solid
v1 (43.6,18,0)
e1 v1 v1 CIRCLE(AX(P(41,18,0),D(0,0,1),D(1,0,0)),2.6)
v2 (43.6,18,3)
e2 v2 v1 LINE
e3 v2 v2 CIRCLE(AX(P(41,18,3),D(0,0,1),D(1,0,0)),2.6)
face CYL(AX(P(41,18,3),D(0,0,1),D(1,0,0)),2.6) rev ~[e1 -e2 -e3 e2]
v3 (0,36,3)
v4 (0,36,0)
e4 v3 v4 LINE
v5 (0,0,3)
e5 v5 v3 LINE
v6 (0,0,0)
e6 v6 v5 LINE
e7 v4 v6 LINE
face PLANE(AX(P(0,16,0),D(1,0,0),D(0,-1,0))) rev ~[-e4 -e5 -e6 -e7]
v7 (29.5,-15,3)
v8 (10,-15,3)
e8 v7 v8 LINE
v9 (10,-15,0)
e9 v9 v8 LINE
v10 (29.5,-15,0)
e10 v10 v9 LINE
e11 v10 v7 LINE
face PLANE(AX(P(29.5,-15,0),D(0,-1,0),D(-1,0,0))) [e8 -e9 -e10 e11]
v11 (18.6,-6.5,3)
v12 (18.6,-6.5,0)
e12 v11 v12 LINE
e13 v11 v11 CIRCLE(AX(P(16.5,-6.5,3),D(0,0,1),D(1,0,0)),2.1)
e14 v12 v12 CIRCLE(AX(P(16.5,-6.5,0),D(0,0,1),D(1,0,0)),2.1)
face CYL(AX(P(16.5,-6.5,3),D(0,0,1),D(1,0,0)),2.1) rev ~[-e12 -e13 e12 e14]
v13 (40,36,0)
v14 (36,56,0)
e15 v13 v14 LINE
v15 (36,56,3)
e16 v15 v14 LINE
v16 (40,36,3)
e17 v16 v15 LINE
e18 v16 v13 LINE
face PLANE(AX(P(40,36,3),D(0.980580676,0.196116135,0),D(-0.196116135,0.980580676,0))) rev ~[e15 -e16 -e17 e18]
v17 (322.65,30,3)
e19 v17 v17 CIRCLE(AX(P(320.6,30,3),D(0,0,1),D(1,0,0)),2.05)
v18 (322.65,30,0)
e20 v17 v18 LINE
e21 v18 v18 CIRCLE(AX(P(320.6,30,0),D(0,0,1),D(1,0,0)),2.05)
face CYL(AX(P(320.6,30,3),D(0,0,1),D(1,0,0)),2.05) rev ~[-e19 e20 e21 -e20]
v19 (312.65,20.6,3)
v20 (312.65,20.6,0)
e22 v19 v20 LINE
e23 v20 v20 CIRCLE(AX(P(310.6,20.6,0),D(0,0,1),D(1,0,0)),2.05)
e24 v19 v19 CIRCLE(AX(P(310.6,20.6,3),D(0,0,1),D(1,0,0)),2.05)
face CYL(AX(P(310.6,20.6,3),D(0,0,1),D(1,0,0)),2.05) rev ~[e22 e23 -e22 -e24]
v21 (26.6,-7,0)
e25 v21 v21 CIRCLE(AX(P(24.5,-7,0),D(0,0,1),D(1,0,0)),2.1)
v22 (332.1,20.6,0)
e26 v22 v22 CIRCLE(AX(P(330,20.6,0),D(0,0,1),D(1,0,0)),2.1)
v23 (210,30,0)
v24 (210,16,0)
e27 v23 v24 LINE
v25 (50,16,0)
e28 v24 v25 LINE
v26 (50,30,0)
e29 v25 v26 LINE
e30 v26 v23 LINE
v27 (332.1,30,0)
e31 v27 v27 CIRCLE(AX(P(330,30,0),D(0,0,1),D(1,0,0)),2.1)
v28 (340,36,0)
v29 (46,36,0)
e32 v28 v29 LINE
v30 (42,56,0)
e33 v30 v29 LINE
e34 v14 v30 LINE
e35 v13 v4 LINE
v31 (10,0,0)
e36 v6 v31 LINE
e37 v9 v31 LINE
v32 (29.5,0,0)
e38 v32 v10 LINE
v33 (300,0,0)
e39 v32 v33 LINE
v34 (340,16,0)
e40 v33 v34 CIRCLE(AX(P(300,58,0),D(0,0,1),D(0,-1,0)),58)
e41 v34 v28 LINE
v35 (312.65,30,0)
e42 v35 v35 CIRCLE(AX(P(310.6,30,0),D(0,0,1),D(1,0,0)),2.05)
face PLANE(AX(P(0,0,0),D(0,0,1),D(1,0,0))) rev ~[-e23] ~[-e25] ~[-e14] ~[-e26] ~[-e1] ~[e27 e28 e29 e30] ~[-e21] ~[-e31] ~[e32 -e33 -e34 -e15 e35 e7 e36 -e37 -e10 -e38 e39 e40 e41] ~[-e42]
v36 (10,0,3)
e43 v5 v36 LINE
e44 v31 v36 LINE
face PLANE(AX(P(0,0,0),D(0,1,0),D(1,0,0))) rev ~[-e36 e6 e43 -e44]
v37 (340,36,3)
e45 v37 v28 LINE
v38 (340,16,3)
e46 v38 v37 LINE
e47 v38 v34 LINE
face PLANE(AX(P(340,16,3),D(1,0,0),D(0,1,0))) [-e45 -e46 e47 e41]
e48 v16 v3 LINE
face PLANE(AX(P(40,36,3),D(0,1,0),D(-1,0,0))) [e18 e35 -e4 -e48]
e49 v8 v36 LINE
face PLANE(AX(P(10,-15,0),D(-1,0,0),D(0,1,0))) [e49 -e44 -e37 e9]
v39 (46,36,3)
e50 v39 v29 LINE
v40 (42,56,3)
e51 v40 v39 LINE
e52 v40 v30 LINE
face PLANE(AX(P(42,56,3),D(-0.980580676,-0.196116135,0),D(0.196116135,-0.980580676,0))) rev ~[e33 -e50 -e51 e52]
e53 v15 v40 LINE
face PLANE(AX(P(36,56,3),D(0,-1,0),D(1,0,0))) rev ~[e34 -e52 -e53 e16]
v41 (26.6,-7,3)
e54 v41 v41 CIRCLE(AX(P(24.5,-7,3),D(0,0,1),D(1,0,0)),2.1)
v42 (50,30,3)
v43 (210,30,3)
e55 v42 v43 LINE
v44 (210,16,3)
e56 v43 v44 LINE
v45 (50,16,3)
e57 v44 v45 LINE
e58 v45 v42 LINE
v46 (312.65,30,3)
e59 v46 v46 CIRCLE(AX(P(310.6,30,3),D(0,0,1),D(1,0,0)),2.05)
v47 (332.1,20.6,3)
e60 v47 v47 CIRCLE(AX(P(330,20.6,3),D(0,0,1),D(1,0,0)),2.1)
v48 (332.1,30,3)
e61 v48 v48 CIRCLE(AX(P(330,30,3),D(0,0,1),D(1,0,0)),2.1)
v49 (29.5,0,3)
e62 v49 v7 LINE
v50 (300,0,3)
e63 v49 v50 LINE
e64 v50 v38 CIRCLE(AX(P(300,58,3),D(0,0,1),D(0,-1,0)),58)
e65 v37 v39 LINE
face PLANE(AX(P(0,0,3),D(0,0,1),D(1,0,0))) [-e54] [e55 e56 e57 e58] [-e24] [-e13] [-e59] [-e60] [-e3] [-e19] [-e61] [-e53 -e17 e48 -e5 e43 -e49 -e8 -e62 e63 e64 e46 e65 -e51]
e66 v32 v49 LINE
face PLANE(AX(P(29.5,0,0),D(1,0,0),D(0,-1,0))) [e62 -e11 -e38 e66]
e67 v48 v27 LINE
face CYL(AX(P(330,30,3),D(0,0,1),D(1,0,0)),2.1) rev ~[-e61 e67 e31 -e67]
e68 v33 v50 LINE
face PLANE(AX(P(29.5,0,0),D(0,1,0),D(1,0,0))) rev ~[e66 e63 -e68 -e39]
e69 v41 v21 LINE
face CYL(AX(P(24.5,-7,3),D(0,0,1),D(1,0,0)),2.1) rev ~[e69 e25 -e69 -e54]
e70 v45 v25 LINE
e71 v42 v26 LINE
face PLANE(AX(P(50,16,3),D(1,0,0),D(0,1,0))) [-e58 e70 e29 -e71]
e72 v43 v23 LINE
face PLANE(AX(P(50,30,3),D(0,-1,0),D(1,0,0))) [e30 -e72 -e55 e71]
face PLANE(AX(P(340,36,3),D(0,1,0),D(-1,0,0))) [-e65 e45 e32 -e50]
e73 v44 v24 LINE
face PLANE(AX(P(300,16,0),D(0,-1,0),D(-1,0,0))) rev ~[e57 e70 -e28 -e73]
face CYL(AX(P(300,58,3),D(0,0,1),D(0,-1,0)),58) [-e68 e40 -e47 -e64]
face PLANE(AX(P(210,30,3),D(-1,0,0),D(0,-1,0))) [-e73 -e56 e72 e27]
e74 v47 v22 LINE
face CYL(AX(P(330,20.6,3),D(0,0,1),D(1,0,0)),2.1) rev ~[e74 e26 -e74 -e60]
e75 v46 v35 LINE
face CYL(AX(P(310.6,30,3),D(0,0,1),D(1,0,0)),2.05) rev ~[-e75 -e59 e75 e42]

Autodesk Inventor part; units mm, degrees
ref_plane "YZ Plane" through (0, 0, 0) normal (1, 0, 0) x (0, 1, 0)
ref_plane "XZ Plane" through (0, 0, 0) normal (0, 1, 0) x (-1, 0, 0)
ref_plane "XY Plane" through (0, 0, 0) normal (0, 0, 1) x (1, 0, 0)
sketch "Sketch1" plane through (0, 0, 0) normal (0, 0, 1) x (1, 0, 0)
  line L0 (0, 0) -> (300, 0)
  line L1 (300, 0) -> (300, 16)
  line L2 (300, 16) -> (0, 16)
  line L3 (0, 16) -> (0, 0)
  line L4 (0, 0) -> (22.0483, 0)
  line L5 (10, 0) -> (29.5, 0)
  line L6 (29.5, 0) -> (29.5, -15)
  line L7 (29.5, -15) -> (10, -15)
  line L8 (10, -15) -> (10, 0)
  point P0 (0, 8)
  dimension "d2" = 19.5
  dimension "d3" = 15
  dimension "d4" = 10
  dimension "d5" = 16
  dimension "d8" = 300
extrude "Extrusion1" add sketch "Sketch1" along normal blind 3
sketch "Sketch2" plane through (0, 0, 3) normal (0, 0, 1) x (1, 0, 0)
  line L0 (0, 16) -> (0, 0) projected
  line L1 (0, 16) -> (0, 36)
  line L2 (300, 0) -> (300, 16) projected
  line L3 (340, 16) -> (340, 36)
  line L4 (340, 36) -> (0, 36)
  line L5 (300, 16) -> (0, 16) projected
  line L6 (50, 16) -> (50, 30)
  line L7 (50, 30) -> (210, 30)
  line L8 (210, 30) -> (210, 16)
  line L9 (40, 36) -> (36, 56)
  line L10 (36, 56) -> (42, 56)
  line L11 (42, 56) -> (46, 36)
  circle A0 centre (330, 30) radius 2.1
  circle A1 centre (330, 20.6) radius 2.1
  circle A2 centre (320.6, 30) radius 2.05
  line L12 (340, 16) -> (300, 16)
  circle A3 centre (310.6, 30) radius 2.05
  circle A4 centre (310.6, 20.6) radius 2.05
  dimension "d44" = 20
  dimension "d45" = 160
  dimension "d46" = 50
  dimension "d47" = 14
  dimension "d48" = 20
  dimension "d49" = 6
  dimension "d50" = 4
  dimension "d51" = 40
  dimension "d83" = 4.2
  dimension "d84" = 4.2
  dimension "d85" = 6
  dimension "d86" = 9.4
  dimension "d87" = 10
  dimension "d97" = 4.1
  dimension "d98" = 9.4
  dimension "d99" = 40
  dimension "d103" = 4.1
  dimension "d104" = 4.1
  dimension "d105" = 10
extrude "Extrusion2" add sketch "Sketch2" against normal blind 3 contours L1 L4 L3 L12 L5 L8 L7 L6 | L9 L10 L11 L4
sketch "Sketch3" plane through (0, 0, 3) normal (0, 0, 1) x (1, 0, 0)
  circle A0 centre (16.5, -6.5) radius 2.1
  circle A1 centre (24.5, -7) radius 2.1
  line L0 (29.5, 0) -> (300, 0) projected
  line L1 (29.5, -15) -> (29.5, 0) projected
  point P0 (0, 0)
  dimension "d75" = 4.2
  dimension "d76" = 6.5
  dimension "d77" = 4.2
  dimension "d78" = 7
  dimension "d79" = 5
  dimension "d80" = 8
extrude "Extrusion3" cut sketch "Sketch3" against normal blind 3
sketch "Sketch4" plane through (0, 0, 3) normal (0, 0, 1) x (1, 0, 0)
  line L0 (29.5, 0) -> (300, 0) projected
  circle A0 centre (41, 18) radius 2.6
  line L1 (340, 36) -> (46, 36) projected
  point P0 (0, 0)
  dimension "d95" = 18
  dimension "d96" = 5.2
  dimension "d100" = 5
extrude "Extrusion4" cut sketch "Sketch4" against normal blind 3
sketch "Sketch5" plane through (0, 0, 3) normal (0, 0, 1) x (1, 0, 0)
  line L0 (29.5, 0) -> (300, 0) projected
  arc A0 (300, 0) -> (340, 16) centre (300, 58) ccw
  line L1 (300, 0) -> (300, 16) projected
  line L2 (300, 0) -> (300, 16)
  line L3 (300, 16) -> (340, 16)
  point P0 (0, 0)
extrude "Extrusion5" add sketch "Sketch5" against normal blind 3
properties part number "Middle_bar"
